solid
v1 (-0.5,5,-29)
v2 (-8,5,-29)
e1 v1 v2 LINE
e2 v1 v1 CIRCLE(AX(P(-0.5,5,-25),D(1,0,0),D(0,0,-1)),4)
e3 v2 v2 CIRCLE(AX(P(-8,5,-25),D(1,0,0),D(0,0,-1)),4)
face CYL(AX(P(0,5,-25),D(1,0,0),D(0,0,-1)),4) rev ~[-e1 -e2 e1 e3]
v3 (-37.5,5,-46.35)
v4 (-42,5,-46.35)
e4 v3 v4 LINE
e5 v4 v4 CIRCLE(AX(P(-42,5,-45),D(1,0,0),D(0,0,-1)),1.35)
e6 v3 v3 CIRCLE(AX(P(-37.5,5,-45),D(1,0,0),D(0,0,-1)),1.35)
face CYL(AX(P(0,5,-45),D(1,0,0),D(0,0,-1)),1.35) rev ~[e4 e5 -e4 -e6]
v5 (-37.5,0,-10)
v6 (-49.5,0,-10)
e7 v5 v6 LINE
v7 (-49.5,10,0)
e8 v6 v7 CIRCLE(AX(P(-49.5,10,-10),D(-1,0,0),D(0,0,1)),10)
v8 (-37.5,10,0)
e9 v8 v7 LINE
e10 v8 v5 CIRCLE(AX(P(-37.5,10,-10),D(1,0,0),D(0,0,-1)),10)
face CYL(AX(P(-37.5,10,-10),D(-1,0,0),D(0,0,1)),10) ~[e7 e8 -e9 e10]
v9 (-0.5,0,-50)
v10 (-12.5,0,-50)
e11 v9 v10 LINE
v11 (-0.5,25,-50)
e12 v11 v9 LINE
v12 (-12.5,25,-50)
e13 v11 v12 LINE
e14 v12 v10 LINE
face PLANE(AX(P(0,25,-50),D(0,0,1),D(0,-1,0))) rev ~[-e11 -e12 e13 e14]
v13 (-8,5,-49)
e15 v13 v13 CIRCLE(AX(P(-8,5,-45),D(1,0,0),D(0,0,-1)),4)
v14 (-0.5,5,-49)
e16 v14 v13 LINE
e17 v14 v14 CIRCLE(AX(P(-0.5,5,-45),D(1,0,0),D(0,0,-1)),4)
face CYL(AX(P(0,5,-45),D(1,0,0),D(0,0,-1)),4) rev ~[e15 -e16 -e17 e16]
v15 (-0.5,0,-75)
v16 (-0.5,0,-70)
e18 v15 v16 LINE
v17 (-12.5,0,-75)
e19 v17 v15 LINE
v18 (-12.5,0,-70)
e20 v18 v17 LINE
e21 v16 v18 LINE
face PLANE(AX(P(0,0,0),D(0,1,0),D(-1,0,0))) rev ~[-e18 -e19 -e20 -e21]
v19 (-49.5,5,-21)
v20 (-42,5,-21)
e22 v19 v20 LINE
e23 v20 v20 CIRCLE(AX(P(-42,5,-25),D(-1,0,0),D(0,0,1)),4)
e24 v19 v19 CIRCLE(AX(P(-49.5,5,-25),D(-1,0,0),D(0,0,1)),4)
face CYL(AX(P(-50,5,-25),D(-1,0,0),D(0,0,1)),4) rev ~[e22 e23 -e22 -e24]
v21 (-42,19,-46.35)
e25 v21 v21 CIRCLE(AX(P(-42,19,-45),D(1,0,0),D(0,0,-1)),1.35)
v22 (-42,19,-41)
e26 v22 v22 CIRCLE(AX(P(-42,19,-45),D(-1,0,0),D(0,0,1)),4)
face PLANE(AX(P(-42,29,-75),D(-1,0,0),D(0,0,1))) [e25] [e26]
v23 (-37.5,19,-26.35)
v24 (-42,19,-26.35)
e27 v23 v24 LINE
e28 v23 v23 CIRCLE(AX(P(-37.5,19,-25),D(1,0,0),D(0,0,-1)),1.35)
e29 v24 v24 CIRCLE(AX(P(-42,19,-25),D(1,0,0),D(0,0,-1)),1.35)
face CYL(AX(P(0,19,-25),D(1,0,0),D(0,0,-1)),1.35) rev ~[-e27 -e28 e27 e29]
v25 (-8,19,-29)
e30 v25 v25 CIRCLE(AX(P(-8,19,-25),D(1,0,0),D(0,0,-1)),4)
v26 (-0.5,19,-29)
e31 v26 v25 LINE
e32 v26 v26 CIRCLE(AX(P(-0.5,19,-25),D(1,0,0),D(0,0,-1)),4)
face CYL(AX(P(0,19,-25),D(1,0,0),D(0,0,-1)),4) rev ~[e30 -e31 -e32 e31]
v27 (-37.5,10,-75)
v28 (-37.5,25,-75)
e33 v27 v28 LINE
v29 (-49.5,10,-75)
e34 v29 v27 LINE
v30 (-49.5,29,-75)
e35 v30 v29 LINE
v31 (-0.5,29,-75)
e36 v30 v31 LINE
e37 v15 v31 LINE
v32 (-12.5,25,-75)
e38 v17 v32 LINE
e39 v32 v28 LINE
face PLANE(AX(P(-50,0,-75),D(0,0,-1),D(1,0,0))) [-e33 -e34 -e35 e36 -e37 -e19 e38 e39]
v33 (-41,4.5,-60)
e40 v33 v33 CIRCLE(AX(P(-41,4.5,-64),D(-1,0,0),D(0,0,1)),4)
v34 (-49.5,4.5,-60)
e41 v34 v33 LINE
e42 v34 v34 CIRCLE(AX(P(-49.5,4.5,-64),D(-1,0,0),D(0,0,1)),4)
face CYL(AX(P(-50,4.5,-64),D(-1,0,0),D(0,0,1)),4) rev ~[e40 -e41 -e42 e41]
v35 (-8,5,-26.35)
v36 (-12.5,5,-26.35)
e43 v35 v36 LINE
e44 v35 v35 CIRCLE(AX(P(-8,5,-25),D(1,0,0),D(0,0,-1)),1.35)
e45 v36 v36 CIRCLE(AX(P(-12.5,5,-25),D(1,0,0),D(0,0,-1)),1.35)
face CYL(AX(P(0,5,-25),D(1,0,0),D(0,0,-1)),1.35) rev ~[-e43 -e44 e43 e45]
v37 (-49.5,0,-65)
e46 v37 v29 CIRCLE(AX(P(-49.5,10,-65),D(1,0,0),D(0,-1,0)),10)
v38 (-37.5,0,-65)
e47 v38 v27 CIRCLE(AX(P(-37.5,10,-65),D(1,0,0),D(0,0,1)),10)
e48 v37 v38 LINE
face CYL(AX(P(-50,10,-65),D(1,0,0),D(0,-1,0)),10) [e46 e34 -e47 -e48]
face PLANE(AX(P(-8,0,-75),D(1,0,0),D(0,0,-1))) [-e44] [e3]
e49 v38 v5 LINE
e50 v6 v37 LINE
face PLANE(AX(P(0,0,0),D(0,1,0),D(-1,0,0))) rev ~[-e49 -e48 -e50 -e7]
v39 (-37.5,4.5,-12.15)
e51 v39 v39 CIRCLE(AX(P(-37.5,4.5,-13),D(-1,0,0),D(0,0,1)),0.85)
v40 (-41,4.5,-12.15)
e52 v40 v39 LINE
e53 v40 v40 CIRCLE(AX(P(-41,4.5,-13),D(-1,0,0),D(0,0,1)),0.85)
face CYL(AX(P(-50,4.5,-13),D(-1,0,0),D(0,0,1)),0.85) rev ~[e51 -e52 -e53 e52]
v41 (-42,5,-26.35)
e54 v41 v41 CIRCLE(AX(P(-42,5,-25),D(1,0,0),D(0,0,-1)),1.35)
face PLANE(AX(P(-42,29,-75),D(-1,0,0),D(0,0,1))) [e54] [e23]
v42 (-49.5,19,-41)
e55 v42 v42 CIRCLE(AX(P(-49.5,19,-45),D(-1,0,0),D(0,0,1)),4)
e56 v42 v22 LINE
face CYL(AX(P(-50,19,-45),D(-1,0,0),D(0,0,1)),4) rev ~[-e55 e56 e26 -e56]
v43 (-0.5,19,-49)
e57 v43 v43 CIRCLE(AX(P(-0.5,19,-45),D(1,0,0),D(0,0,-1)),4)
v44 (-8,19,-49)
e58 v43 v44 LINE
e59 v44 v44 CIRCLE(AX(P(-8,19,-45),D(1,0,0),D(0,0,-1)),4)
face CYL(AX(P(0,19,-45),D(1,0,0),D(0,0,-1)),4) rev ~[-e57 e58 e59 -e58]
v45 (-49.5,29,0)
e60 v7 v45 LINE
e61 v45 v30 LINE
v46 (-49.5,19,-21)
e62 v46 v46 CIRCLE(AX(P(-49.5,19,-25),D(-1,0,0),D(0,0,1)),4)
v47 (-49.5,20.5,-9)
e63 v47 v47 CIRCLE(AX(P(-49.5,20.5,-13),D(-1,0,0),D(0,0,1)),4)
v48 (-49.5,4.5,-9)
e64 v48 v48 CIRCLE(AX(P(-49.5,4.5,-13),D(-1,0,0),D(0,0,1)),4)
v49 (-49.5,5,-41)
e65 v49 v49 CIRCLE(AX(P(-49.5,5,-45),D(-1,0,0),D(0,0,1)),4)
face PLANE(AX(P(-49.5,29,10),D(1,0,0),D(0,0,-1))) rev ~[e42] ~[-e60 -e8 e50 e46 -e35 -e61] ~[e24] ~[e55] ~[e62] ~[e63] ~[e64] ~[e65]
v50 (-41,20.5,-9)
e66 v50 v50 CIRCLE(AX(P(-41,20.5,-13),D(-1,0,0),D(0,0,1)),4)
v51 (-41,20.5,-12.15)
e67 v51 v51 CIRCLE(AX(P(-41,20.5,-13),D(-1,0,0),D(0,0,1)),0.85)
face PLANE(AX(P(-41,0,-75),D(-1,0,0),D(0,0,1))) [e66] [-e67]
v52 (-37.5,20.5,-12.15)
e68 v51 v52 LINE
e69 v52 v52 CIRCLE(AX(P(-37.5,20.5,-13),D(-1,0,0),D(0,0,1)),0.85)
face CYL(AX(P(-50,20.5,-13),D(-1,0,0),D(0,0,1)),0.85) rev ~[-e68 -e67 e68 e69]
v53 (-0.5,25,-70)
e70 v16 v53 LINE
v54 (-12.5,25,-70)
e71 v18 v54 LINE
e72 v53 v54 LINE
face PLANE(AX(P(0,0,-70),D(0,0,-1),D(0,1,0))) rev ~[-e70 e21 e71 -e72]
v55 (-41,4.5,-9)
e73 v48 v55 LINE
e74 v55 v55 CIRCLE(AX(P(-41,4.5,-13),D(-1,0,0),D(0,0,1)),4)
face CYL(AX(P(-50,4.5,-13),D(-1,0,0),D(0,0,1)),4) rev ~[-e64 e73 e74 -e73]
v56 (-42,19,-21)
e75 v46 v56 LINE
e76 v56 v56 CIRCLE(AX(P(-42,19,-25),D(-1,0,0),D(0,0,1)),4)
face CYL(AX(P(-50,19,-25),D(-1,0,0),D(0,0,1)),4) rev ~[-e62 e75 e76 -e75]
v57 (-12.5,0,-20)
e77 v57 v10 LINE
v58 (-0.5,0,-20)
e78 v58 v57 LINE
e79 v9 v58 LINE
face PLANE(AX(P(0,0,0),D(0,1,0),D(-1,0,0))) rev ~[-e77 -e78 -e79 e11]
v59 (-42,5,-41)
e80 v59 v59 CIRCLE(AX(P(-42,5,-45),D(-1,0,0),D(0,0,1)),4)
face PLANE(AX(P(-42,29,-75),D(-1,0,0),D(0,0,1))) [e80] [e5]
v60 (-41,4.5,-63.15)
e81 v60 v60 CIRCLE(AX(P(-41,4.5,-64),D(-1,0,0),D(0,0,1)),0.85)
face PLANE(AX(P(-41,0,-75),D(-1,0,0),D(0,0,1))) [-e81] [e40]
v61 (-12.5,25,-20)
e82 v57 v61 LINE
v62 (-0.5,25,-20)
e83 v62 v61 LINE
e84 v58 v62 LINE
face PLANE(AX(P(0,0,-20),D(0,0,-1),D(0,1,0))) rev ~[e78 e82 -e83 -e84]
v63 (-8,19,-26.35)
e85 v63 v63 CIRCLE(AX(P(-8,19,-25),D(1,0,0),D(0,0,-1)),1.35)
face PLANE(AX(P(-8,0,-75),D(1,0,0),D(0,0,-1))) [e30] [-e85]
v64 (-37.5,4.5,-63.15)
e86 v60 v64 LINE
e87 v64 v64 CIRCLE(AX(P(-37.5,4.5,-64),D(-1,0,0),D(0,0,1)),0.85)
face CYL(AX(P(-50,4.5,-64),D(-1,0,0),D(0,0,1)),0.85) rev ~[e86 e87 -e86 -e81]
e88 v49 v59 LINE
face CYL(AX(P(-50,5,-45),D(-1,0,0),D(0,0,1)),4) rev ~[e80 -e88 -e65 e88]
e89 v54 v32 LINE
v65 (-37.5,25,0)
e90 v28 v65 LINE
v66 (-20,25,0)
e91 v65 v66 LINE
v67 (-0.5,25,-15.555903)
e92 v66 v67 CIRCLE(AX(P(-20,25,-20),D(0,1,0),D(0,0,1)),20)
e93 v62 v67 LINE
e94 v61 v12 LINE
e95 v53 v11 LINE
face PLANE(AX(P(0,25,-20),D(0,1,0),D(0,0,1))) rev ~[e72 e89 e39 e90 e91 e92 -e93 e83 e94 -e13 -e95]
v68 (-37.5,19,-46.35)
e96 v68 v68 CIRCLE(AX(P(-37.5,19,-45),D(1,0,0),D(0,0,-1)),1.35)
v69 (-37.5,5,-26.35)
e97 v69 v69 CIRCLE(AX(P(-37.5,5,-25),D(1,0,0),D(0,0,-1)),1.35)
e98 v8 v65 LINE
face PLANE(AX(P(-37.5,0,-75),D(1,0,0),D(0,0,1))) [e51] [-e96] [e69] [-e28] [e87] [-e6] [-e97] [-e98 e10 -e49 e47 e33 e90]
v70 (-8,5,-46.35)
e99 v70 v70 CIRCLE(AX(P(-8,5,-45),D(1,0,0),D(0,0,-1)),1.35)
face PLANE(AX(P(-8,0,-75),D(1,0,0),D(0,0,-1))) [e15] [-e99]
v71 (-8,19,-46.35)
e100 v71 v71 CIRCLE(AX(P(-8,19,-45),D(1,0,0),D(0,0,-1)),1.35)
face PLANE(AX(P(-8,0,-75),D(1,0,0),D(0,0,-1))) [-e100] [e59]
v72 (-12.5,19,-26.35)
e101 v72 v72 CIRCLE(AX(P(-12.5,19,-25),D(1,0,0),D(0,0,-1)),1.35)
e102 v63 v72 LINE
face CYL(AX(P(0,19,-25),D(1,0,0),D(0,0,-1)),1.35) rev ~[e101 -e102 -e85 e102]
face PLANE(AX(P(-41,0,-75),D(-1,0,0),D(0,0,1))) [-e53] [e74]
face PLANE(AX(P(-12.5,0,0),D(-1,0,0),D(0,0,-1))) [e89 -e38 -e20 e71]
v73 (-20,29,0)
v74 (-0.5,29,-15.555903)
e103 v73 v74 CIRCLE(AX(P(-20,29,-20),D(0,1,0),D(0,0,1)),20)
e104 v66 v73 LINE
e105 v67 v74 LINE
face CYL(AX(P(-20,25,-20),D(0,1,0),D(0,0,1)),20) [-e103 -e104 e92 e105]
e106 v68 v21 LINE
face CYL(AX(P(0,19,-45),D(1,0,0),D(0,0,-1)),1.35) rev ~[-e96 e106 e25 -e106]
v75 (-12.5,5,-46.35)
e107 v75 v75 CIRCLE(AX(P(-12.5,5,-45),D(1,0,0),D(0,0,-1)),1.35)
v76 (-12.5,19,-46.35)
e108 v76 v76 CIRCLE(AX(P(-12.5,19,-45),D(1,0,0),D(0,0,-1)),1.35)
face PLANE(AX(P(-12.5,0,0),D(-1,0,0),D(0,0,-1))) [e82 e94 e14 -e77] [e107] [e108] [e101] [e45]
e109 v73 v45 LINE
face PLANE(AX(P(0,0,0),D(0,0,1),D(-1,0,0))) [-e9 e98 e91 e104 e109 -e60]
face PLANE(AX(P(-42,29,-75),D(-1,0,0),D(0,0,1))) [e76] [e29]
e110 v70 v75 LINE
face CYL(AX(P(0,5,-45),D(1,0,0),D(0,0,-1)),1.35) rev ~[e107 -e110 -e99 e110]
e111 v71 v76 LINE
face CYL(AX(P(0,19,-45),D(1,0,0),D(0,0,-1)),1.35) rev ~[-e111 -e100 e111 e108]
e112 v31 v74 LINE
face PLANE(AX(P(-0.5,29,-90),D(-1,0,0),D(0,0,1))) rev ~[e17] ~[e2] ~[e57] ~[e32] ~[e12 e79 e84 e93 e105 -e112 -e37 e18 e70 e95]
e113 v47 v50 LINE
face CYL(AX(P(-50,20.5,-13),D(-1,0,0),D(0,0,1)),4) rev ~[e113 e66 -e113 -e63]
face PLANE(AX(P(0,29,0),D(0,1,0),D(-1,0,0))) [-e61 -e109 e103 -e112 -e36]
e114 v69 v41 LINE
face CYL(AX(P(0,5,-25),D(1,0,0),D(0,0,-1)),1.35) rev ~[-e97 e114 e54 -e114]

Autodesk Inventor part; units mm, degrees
ref_plane "YZ Plane" through (0, 0, 0) normal (1, 0, 0) x (0, 1, 0)
ref_plane "XZ Plane" through (0, 0, 0) normal (0, 1, 0) x (-1, 0, 0)
ref_plane "XY Plane" through (0, 0, 0) normal (0, 0, 1) x (1, 0, 0)
sketch "スケッチ1" plane through (0, 0, 0) normal (0, 1, 0) x (-1, 0, 0)
  line L0 (0, 0) -> (50, 0)
  line L1 (50, 0) -> (50, -75)
  line L2 (50, -75) -> (0, -75)
  line L3 (0, -75) -> (0, 0)
  dimension "d0" = 50
  dimension "d1" = 75
extrude "押し出し1" add sketch "スケッチ1" along normal blind 29
sketch "スケッチ2" plane through (0, 0, 0) normal (0, -1, 0) x (1, 0, 0)
  line L0 (-50, 0) -> (0, 0) projected
  line L1 (0, -75) -> (-50, -75) projected
  line L2 (-37.5, 0) -> (-12.5, 0)
  line L3 (-12.5, 0) -> (-12.5, -75)
  line L4 (-12.5, -75) -> (-37.5, -75)
  line L5 (-37.5, -75) -> (-37.5, 0)
  line L6 (-50, 0) -> (0, 0) projected
  point P0 (-12.5, -37.5)
  point P1 (-25, 0)
  point P2 (-25, 0)
  dimension "d4" = 25
extrude "押し出し2" cut sketch "スケッチ2" against normal blind 25
sketch "スケッチ3" plane through (0, 0, 0) normal (1, 0, 0) x (0, 0, -1)
  line L0 (0, 0) -> (20, 0)
  line L1 (20, 0) -> (20, 25)
  line L2 (20, 25) -> (0, 25)
  line L3 (0, 25) -> (0, 0)
  line L4 (50, 0) -> (70, 0)
  line L5 (70, 0) -> (70, 25)
  line L6 (70, 25) -> (50, 25)
  line L7 (50, 25) -> (50, 0)
  line L8 (0, 25) -> (75, 25) projected
  point P0 (60, 25)
  point P1 (10, 25)
  dimension "d7" = 20
  dimension "d8" = 20
  dimension "d9" = 50
extrude "押し出し3" cut sketch "スケッチ3" against normal up to surface (12.5 mm away)
sketch "スケッチ4" plane through (-50, 0, -75) normal (-1, 0, 0) x (0, 0, 1)
  circle A0 centre (62, 20.5) radius 0.85
  circle A1 centre (62, 4.5) radius 0.85
  circle A2 centre (11, 4.5) radius 0.85
  line L0 (62, 20.5) -> (62, 4.5) construction
  line L1 (62, 4.5) -> (11, 4.5) construction
  line L2 (75, 0) -> (75, 25) projected
  point P0 (75, 12.5)
  point P1 (62, 12.5)
  dimension "d12" = 1.7
  dimension "d13" = 1.7
  dimension "d14" = 1.7
  dimension "d15" = 16
  dimension "d16" = 51
  dimension "d17" = 13
extrude "押し出し4" cut sketch "スケッチ4" against normal up to surface (12.5 mm away)
sketch "スケッチ5" plane through (-50, 0, -75) normal (-1, 0, 0) x (0, 0, 1)
  circle A0 centre (11, 4.5) radius 0.85 projected
  circle A1 centre (11, 4.5) radius 4
  circle A2 centre (62, 20.5) radius 0.85 projected
  circle A3 centre (62, 20.5) radius 4
  circle A4 centre (62, 4.5) radius 0.85 projected
  circle A5 centre (62, 4.5) radius 4
  point P0 (75, 0)
  dimension "d20" = 8
  dimension "d21" = 8
  dimension "d22" = 8
extrude "押し出し5" cut sketch "スケッチ5" against normal blind 9
fillet "フィレット1" radius 10 2 edges at (-43.75, 0, 0) (-43.75, 0, -75)
sketch "スケッチ7" plane through (0, 0, -75) normal (1, 0, 0) x (0, 0, -1)
  line L0 (-30, 5) -> (-50, 5) construction
  line L1 (-50, 5) -> (-50, 19) construction
  line L2 (-50, 19) -> (-30, 19) construction
  line L3 (-30, 19) -> (-30, 5) construction
  line L4 (-55, 0) -> (-25, 0) projected
  line L5 (-25, 0) -> (-25, 25) projected
  line L6 (-55, 25) -> (-55, 0) projected
  line L7 (-75, 29) -> (0, 29) projected
  circle A0 centre (-50, 5) radius 1.35
  circle A1 centre (-30, 5) radius 1.35
  circle A2 centre (-30, 19) radius 1.35
  circle A3 centre (-50, 19) radius 1.35
  point P0 (-75, 0)
  dimension "d26" = 5
  dimension "d27" = 5
  dimension "d28" = 5
  dimension "d29" = 10
  dimension "d30" = 2.7
  dimension "d31" = 2.7
  dimension "d32" = 2.7
  dimension "d33" = 2.7
extrude "押し出し6" cut sketch "スケッチ7" against normal through all
fillet "フィレット2" radius 20 1 edges at (0, 27, 0)
sketch "スケッチ8" plane through (0, 0, -75) normal (1, 0, 0) x (0, 0, -1)
  circle A0 centre (-30, 19) radius 4
  circle A1 centre (-30, 5) radius 4
  circle A2 centre (-50, 5) radius 4
  circle A3 centre (-50, 19) radius 4
  circle A4 centre (-30, 5) radius 1.35 projected
  circle A5 centre (-30, 19) radius 1.35 projected
  circle A6 centre (-50, 19) radius 1.35 projected
  circle A7 centre (-50, 5) radius 1.35 projected
  point P0 (-75, 0)
  dimension "d37" = 8
  dimension "d38" = 8
  dimension "d39" = 8
  dimension "d40" = 8
extrude "押し出し7" cut sketch "スケッチ8" against normal blind 8 contours A0 | A1 | A2 | A3 | A4 | A5 | A6 | A7
sketch "スケッチ9" plane through (-50, 29, -75) normal (-1, 0, 0) x (0, 0, 1)
  circle A0 centre (30, -24) radius 4
  circle A1 centre (30, -10) radius 4
  circle A2 centre (50, -24) radius 4
  circle A3 centre (50, -10) radius 4
  circle A4 centre (30, -10) radius 1.35 projected
  circle A5 centre (30, -24) radius 1.35 projected
  circle A6 centre (50, -10) radius 1.35 projected
  circle A7 centre (50, -24) radius 1.35 projected
  point P0 (75, -29)
  dimension "d43" = 8
  dimension "d44" = 8
  dimension "d45" = 8
  dimension "d46" = 8
extrude "押し出し8" cut sketch "スケッチ9" against normal blind 8 contours A0 | A1 | A2 | A3 | A4 | A5 | A6 | A7
sketch "スケッチ11" plane through (0, 29, 0) normal (0, 1, 0) x (1, 0, 0)
  line L0 (-49.5, 90) -> (-0.5, 90)
  line L1 (-0.5, 90) -> (-0.5, -10)
  line L2 (-0.5, -10) -> (-49.5, -10)
  line L3 (-49.5, -10) -> (-49.5, 90)
  line L4 (-50, 75) -> (-50, 0) projected
  line L5 (0, 20) -> (0, 75) projected
  line L6 (-80, 110) -> (50, 110)
  line L7 (50, 110) -> (50, -10)
  line L8 (50, -10) -> (-80, -10)
  line L9 (-80, -10) -> (-80, 110)
  point P0 (0, 0)
  point P1 (-0.5, -10)
  dimension "d49" = 0.5
  dimension "d50" = 0.5
extrude "押し出し9" cut sketch "スケッチ11" against normal through all contours L3 L8 L9 L6 L7 L1 L0
equation "\"d8\" = d7"
properties part number "モーター接続"
